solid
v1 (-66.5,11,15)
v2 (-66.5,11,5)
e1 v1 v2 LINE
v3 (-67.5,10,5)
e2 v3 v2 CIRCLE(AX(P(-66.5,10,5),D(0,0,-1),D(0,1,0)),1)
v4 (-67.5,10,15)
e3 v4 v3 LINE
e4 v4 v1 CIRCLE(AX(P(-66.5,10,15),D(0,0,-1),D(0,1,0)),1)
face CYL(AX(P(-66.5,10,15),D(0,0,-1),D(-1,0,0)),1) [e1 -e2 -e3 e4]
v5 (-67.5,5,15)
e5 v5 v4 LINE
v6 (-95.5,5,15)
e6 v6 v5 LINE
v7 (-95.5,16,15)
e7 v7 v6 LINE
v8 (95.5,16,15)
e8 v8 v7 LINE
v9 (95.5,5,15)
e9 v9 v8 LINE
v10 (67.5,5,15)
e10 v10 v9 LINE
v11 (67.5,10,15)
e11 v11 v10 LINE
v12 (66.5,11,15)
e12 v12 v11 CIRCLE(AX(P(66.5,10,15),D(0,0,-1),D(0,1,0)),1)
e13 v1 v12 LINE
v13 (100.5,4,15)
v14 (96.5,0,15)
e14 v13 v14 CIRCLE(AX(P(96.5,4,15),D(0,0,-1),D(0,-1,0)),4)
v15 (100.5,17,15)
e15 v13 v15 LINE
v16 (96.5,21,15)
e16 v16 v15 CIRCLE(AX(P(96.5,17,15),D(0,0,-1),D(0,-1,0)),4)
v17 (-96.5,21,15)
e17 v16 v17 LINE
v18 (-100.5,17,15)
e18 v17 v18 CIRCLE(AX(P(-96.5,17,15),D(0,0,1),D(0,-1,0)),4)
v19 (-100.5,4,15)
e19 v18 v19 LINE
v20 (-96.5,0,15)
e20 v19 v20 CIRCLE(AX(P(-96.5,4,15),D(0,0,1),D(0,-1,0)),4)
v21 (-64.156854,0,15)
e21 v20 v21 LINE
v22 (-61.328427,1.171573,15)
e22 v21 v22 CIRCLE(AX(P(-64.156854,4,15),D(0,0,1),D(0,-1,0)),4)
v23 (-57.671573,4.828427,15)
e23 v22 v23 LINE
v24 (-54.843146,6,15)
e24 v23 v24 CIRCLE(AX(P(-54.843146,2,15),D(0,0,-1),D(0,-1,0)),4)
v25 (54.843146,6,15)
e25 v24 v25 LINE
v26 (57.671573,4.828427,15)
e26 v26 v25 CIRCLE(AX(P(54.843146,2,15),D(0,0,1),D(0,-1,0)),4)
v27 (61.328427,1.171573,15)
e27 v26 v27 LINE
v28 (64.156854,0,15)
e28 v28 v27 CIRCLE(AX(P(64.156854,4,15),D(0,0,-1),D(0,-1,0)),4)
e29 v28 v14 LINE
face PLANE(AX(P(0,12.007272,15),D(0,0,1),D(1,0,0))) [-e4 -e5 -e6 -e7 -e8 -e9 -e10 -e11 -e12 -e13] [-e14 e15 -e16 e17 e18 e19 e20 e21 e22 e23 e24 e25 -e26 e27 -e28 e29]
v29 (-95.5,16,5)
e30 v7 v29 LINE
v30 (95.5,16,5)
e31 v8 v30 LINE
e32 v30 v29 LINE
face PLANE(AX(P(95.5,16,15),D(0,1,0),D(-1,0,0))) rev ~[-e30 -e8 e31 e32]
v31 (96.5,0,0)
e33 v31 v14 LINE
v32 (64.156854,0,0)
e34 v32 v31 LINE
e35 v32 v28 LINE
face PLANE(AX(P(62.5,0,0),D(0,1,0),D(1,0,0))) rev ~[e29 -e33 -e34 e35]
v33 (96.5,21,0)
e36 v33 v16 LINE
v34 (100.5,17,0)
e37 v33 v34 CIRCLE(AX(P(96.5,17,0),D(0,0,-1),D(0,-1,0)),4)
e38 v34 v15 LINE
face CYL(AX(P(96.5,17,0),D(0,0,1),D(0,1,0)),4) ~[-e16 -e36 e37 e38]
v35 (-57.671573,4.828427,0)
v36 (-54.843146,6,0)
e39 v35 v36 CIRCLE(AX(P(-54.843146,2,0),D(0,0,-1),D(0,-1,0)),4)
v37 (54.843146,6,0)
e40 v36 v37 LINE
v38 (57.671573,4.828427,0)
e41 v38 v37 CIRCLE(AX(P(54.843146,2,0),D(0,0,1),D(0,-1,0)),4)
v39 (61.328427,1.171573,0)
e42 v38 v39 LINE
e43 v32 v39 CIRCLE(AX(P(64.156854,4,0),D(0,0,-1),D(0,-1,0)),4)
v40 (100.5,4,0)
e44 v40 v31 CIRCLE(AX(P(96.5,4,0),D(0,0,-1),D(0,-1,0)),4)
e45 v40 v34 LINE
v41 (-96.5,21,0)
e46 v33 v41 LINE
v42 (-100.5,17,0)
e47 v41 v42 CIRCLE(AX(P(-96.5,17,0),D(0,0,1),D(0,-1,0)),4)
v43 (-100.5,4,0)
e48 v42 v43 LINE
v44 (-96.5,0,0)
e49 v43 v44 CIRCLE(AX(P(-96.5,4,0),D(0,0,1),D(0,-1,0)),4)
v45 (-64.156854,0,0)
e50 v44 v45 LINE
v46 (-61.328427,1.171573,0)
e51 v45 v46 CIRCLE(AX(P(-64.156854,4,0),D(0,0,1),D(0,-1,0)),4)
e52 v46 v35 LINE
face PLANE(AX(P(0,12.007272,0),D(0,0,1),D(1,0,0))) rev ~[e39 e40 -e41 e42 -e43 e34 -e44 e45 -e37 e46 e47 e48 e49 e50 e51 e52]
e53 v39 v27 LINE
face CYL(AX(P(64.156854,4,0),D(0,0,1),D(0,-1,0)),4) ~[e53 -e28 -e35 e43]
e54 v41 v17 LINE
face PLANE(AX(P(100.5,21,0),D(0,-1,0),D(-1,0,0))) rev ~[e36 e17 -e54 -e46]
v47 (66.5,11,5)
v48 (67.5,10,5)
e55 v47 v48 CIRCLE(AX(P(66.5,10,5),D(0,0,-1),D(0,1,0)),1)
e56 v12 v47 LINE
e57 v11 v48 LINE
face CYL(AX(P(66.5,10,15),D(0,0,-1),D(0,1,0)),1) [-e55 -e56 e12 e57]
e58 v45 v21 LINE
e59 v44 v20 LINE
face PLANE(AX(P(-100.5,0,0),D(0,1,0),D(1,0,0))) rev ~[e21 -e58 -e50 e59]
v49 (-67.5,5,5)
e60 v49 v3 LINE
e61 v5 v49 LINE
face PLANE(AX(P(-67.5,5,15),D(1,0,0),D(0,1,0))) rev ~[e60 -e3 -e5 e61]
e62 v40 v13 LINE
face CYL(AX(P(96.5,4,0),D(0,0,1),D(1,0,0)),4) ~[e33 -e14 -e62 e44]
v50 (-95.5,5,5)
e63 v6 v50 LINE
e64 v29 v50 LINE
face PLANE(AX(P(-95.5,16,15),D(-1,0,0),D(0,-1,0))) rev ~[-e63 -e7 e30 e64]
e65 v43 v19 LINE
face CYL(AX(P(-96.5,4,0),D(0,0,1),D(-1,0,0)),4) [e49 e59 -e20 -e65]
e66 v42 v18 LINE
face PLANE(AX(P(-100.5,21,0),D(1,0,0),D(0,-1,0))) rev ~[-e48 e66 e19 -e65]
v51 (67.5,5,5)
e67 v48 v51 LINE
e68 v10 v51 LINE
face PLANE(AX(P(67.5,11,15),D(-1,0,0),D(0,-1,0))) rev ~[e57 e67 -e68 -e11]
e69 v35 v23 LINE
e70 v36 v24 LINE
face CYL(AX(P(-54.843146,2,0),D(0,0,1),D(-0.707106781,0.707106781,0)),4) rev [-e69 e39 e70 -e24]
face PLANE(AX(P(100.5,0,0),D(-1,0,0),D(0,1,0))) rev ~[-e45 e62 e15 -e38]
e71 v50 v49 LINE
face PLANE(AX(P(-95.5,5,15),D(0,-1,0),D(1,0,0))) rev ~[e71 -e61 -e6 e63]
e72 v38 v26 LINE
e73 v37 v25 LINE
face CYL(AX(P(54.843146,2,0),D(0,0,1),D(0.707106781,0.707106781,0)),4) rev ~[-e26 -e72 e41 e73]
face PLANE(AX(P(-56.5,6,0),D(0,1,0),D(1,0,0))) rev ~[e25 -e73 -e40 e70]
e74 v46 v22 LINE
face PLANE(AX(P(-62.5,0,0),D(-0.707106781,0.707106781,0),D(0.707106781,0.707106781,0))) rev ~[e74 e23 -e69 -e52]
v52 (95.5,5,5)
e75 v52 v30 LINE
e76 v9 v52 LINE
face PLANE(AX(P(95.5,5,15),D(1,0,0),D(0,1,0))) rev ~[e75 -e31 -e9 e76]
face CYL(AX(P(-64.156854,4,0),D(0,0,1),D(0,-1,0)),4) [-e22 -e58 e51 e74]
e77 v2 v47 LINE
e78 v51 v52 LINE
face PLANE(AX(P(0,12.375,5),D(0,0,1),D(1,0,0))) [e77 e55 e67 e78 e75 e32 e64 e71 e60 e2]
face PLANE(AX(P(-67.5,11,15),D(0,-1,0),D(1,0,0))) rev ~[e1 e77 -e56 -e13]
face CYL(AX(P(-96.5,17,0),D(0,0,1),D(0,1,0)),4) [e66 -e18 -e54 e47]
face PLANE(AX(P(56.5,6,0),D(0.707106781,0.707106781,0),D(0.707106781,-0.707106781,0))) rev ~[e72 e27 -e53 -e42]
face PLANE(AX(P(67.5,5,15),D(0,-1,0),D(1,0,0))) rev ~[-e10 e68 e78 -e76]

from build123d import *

# Parameters (mm, degrees)
F1_DEPTH = 15
F3_DEPTH = 10
F4_R     = 1
F5_R     = 4


with BuildPart() as f1:
    # F0 (on Top) → F1 (new body)
    with BuildSketch(Plane.XY):
        Polygon((100.5, 21), (-100.5, 21), (-100.5, 0), (-62.5, 0), (-56.5, 6), (56.5, 6), (62.5, 0), (100.5, 0), align=None)
    extrude(amount=F1_DEPTH)

    # F2 (on face) → F3 (cut)
    with BuildSketch(Plane.XY.offset(15)):
        Polygon((95.5, 16), (-95.5, 16), (-95.5, 5), (-67.5, 5), (-67.5, 11), (67.5, 11), (67.5, 5), (95.5, 5), align=None)
    extrude(amount=-F3_DEPTH, mode=Mode.SUBTRACT)

    # F4
    f4_edges = [f1.edges().sort_by_distance(p)[0] for p in [
        (67.5, 11, 10),
        (-67.5, 11, 10),
    ]]
    fillet(f4_edges, radius=F4_R)

    # F5
    f5_edges = [f1.edges().sort_by_distance(p)[0] for p in [
        (-62.5, 0, 7.5),
        (-56.5, 6, 7.5),
        (56.5, 6, 7.5),
        (62.5, 0, 7.5),
        (-100.5, 0, 7.5),
        (-100.5, 21, 7.5),
        (100.5, 21, 7.5),
        (100.5, 0, 7.5),
    ]]
    fillet(f5_edges, radius=F5_R)


solid = f1.part
